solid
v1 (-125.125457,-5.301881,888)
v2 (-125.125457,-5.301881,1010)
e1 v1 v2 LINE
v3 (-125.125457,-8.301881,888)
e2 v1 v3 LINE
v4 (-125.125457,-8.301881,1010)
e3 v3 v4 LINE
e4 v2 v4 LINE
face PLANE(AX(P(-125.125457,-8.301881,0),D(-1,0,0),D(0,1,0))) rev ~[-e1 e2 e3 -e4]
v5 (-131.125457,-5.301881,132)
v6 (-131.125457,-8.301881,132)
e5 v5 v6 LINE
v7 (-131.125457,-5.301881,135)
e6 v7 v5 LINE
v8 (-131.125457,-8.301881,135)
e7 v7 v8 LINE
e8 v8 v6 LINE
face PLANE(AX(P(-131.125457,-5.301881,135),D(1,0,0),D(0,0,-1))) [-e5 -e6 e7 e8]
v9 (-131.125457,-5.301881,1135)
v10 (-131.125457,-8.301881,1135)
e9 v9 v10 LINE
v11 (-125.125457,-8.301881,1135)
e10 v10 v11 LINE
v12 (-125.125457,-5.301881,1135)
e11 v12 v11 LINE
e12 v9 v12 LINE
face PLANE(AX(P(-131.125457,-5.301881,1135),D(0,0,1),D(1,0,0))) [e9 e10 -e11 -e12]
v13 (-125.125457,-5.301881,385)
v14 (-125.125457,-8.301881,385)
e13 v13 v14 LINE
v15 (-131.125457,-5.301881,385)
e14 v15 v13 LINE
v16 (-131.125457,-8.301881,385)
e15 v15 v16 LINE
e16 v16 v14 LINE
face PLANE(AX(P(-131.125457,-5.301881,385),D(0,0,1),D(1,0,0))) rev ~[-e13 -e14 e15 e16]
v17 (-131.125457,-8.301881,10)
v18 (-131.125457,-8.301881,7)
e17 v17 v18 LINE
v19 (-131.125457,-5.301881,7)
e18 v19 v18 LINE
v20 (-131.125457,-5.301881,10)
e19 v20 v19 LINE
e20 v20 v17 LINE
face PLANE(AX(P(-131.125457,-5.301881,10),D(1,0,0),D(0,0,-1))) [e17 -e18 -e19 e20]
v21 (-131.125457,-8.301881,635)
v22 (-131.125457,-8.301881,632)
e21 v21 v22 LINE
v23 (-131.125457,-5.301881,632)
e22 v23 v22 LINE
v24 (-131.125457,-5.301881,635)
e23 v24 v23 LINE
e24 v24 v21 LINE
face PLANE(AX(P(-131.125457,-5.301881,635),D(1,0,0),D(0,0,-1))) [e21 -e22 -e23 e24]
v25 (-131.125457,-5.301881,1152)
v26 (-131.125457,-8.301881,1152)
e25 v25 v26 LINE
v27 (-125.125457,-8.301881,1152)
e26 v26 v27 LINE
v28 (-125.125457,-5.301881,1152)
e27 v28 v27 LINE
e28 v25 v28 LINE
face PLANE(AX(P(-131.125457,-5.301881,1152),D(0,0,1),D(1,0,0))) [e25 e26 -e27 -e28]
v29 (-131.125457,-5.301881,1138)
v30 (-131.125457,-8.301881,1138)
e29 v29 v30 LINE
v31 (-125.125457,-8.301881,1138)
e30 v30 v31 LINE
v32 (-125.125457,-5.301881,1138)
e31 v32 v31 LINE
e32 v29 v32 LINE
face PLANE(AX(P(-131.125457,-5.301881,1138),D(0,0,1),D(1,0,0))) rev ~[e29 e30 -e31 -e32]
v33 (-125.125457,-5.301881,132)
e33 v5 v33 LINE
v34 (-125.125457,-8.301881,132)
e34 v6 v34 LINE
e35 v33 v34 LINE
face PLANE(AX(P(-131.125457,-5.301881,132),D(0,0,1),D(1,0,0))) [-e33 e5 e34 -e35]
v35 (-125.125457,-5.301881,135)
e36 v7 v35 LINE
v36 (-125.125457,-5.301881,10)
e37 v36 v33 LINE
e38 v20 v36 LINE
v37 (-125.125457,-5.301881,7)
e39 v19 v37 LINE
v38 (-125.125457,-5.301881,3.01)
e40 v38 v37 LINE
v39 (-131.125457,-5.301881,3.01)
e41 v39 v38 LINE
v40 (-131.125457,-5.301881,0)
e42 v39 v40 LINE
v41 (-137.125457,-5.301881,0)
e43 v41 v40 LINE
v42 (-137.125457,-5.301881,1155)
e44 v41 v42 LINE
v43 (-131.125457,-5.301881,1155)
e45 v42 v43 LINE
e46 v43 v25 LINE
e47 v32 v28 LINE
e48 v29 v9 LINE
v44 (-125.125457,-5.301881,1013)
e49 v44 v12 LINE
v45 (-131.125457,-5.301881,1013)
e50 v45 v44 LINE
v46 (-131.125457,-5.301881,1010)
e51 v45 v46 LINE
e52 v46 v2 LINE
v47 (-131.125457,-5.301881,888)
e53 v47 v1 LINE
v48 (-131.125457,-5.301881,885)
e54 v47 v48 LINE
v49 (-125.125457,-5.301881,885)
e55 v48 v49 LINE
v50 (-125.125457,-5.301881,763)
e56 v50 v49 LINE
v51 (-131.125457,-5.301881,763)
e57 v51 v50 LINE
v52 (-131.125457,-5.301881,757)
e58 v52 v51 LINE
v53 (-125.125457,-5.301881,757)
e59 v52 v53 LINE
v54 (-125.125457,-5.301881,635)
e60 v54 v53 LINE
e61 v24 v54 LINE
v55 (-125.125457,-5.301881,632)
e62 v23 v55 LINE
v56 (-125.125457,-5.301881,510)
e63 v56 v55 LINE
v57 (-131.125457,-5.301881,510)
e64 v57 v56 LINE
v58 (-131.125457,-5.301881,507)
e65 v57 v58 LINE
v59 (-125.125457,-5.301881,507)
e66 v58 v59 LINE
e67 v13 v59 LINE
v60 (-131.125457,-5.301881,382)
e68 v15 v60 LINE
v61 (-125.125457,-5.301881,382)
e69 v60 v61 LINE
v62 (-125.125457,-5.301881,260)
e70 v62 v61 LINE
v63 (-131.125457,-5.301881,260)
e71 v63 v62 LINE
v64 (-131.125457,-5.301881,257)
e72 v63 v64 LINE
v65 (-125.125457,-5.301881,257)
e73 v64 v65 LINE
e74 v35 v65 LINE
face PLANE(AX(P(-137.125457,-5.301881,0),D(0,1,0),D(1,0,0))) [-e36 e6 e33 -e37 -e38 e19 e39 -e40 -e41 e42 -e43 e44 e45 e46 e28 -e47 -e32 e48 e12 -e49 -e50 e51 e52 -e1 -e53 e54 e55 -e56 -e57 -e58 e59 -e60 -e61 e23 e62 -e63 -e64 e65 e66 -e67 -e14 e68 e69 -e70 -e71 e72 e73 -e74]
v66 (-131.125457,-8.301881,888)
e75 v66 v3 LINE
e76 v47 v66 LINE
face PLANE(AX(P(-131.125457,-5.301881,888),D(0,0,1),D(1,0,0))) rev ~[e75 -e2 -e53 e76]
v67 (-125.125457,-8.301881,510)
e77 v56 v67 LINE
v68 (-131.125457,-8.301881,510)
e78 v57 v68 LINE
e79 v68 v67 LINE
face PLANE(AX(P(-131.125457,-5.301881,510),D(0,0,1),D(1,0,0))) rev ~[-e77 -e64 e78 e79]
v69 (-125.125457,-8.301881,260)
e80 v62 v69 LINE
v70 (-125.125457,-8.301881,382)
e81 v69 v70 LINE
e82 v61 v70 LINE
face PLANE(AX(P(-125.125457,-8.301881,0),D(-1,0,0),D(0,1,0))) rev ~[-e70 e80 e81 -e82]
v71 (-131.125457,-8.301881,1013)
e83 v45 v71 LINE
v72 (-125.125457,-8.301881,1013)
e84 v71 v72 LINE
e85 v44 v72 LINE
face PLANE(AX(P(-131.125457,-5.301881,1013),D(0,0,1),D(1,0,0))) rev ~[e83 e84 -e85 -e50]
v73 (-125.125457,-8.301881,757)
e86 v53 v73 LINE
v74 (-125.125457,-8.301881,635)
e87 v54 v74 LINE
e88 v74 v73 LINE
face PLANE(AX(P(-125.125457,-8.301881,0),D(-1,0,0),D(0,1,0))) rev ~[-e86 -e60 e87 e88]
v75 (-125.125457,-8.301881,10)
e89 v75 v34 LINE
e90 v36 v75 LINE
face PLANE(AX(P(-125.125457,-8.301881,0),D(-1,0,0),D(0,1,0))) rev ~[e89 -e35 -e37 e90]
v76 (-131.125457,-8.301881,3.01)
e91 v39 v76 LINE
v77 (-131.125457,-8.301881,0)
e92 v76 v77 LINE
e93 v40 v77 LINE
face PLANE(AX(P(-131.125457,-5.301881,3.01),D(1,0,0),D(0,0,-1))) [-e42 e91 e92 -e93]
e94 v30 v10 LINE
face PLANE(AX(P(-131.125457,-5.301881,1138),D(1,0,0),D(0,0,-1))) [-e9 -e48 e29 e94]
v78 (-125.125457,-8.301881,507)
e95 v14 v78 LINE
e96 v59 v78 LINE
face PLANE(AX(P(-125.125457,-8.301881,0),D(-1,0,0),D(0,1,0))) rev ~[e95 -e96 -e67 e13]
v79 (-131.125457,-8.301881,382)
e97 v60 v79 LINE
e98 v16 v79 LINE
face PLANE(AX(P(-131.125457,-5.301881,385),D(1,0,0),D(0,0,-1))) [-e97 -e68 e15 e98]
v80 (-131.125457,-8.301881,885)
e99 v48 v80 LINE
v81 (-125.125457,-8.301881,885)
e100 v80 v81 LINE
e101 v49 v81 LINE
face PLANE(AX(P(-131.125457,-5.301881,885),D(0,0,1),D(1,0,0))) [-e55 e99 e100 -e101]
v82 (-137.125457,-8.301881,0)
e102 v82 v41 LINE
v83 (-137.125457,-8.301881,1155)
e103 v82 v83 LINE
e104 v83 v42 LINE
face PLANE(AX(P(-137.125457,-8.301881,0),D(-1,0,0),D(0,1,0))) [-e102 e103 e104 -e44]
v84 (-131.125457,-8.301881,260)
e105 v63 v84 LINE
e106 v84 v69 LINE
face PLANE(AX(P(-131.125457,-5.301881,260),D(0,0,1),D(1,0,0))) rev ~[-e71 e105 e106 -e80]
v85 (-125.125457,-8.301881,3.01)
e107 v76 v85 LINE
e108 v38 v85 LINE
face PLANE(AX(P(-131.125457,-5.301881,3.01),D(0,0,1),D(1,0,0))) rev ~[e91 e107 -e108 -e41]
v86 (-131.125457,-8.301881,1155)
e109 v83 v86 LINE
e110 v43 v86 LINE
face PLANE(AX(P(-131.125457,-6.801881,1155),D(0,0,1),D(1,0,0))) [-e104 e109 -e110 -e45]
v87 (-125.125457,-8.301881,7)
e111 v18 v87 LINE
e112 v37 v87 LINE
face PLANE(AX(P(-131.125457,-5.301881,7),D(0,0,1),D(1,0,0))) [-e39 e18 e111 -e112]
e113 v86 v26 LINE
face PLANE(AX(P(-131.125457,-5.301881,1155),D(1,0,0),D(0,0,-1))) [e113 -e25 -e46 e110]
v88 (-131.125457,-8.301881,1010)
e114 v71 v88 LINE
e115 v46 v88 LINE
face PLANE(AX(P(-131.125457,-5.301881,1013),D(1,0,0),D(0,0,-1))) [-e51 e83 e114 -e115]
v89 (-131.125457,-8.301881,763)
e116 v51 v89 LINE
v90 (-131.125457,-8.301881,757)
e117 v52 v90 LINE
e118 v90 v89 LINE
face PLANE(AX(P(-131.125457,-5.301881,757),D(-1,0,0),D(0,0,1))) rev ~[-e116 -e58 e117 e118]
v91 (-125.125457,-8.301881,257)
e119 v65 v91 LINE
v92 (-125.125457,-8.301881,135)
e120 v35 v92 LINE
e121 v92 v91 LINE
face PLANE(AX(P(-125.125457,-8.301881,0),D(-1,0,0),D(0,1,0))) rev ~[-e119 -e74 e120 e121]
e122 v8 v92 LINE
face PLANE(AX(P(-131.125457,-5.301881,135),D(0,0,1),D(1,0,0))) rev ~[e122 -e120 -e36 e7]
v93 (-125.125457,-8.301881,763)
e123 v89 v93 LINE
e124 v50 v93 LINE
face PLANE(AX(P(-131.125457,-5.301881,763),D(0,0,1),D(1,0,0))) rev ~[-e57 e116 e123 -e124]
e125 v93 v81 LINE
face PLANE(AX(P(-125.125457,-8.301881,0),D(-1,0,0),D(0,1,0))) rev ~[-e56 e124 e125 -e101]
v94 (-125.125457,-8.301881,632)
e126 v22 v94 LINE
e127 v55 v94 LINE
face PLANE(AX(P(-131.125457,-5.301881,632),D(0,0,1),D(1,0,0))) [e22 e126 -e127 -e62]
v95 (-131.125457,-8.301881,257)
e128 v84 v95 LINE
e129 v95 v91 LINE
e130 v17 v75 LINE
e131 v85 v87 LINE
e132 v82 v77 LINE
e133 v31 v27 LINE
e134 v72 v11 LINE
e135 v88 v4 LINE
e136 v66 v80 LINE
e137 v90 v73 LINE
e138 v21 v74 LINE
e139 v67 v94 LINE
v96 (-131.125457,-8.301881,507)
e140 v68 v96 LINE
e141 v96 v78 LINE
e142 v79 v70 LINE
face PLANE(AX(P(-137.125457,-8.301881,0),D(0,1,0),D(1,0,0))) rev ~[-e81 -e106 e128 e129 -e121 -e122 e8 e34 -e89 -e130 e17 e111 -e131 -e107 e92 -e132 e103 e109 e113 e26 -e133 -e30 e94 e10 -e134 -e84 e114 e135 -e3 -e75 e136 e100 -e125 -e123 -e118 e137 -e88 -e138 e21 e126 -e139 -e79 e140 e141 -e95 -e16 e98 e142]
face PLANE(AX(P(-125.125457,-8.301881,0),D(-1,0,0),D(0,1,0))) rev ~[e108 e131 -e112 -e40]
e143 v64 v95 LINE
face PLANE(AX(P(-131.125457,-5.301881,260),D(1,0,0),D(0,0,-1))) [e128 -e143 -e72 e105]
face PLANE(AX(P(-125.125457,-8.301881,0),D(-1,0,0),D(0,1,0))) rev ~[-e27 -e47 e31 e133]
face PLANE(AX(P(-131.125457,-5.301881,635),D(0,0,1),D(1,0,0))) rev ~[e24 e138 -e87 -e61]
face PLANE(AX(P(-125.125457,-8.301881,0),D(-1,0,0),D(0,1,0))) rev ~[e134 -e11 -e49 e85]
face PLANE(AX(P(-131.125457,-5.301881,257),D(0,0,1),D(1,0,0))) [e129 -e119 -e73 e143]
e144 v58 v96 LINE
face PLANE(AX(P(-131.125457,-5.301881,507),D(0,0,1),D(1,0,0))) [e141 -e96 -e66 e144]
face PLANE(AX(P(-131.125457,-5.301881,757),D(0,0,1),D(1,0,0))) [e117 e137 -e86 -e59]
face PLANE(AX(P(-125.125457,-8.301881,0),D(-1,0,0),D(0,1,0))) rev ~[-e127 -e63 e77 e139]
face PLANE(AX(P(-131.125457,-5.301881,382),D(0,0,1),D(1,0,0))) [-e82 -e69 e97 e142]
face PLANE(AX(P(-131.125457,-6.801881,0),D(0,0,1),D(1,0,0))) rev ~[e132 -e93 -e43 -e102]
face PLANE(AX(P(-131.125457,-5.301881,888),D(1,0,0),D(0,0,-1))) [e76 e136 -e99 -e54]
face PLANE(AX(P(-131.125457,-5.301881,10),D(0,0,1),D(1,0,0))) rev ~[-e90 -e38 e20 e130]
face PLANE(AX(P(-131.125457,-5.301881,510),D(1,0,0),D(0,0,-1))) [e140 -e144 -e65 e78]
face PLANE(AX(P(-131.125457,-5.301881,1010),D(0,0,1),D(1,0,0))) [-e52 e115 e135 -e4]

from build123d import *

# Parameters (mm, degrees)
SKETCH_1_W          = 12
SKETCH_1_H          = 3
EXTRUDE_1_DEPTH     = 1155
SKETCH_3_W          = 6
SKETCH_3_H          = 3.01
SKETCH_3_H_2        = 3
CUT_EXTRUDE_1_DEPTH = 1164.115381597


with BuildPart() as part:
    # 草图1 → 凸台-拉伸1 (new body)
    with BuildSketch(Plane.XY):
        with Locations((-131.125456821, -6.801880905)):
            Rectangle(SKETCH_1_W, SKETCH_1_H)
    extrude(amount=EXTRUDE_1_DEPTH)

    # 草图3 → 切除-拉伸1 (cut, through all)
    with BuildSketch(Plane(origin=(0, -5.301880905, 0), x_dir=(1, 0, 0), z_dir=(0, 1, 0))):
        with Locations((-128.125456821, -1.505)):
            Rectangle(SKETCH_3_W, SKETCH_3_H)
        with Locations((-128.125456821, -8.5)):
            Rectangle(SKETCH_3_W, SKETCH_3_H_2)
        with Locations((-128.125456821, -133.5)):
            Rectangle(SKETCH_3_W, SKETCH_3_H_2)
        with Locations((-128.125456821, -258.5)):
            Rectangle(SKETCH_3_W, SKETCH_3_H_2)
        with Locations((-128.125456821, -383.5)):
            Rectangle(SKETCH_3_W, SKETCH_3_H_2)
        with Locations((-128.125456821, -508.5)):
            Rectangle(SKETCH_3_W, SKETCH_3_H_2)
        with Locations((-128.125456821, -633.5)):
            Rectangle(SKETCH_3_W, SKETCH_3_H_2)
        with Locations((-128.125456821, -758.5)):
            Rectangle(SKETCH_3_W, SKETCH_3_H_2)
        with Locations((-128.125456821, -761.5)):
            Rectangle(SKETCH_3_W, SKETCH_3_H_2)
        with Locations((-128.125456821, -886.5)):
            Rectangle(SKETCH_3_W, SKETCH_3_H_2)
        with Locations((-128.125456821, -1011.5)):
            Rectangle(SKETCH_3_W, SKETCH_3_H_2)
        with Locations((-128.125456821, -1136.5)):
            Rectangle(SKETCH_3_W, SKETCH_3_H_2)
        with Locations((-128.125456821, -1153.5)):
            Rectangle(SKETCH_3_W, SKETCH_3_H_2)
    extrude(amount=-CUT_EXTRUDE_1_DEPTH, mode=Mode.SUBTRACT)


solid = part.part
